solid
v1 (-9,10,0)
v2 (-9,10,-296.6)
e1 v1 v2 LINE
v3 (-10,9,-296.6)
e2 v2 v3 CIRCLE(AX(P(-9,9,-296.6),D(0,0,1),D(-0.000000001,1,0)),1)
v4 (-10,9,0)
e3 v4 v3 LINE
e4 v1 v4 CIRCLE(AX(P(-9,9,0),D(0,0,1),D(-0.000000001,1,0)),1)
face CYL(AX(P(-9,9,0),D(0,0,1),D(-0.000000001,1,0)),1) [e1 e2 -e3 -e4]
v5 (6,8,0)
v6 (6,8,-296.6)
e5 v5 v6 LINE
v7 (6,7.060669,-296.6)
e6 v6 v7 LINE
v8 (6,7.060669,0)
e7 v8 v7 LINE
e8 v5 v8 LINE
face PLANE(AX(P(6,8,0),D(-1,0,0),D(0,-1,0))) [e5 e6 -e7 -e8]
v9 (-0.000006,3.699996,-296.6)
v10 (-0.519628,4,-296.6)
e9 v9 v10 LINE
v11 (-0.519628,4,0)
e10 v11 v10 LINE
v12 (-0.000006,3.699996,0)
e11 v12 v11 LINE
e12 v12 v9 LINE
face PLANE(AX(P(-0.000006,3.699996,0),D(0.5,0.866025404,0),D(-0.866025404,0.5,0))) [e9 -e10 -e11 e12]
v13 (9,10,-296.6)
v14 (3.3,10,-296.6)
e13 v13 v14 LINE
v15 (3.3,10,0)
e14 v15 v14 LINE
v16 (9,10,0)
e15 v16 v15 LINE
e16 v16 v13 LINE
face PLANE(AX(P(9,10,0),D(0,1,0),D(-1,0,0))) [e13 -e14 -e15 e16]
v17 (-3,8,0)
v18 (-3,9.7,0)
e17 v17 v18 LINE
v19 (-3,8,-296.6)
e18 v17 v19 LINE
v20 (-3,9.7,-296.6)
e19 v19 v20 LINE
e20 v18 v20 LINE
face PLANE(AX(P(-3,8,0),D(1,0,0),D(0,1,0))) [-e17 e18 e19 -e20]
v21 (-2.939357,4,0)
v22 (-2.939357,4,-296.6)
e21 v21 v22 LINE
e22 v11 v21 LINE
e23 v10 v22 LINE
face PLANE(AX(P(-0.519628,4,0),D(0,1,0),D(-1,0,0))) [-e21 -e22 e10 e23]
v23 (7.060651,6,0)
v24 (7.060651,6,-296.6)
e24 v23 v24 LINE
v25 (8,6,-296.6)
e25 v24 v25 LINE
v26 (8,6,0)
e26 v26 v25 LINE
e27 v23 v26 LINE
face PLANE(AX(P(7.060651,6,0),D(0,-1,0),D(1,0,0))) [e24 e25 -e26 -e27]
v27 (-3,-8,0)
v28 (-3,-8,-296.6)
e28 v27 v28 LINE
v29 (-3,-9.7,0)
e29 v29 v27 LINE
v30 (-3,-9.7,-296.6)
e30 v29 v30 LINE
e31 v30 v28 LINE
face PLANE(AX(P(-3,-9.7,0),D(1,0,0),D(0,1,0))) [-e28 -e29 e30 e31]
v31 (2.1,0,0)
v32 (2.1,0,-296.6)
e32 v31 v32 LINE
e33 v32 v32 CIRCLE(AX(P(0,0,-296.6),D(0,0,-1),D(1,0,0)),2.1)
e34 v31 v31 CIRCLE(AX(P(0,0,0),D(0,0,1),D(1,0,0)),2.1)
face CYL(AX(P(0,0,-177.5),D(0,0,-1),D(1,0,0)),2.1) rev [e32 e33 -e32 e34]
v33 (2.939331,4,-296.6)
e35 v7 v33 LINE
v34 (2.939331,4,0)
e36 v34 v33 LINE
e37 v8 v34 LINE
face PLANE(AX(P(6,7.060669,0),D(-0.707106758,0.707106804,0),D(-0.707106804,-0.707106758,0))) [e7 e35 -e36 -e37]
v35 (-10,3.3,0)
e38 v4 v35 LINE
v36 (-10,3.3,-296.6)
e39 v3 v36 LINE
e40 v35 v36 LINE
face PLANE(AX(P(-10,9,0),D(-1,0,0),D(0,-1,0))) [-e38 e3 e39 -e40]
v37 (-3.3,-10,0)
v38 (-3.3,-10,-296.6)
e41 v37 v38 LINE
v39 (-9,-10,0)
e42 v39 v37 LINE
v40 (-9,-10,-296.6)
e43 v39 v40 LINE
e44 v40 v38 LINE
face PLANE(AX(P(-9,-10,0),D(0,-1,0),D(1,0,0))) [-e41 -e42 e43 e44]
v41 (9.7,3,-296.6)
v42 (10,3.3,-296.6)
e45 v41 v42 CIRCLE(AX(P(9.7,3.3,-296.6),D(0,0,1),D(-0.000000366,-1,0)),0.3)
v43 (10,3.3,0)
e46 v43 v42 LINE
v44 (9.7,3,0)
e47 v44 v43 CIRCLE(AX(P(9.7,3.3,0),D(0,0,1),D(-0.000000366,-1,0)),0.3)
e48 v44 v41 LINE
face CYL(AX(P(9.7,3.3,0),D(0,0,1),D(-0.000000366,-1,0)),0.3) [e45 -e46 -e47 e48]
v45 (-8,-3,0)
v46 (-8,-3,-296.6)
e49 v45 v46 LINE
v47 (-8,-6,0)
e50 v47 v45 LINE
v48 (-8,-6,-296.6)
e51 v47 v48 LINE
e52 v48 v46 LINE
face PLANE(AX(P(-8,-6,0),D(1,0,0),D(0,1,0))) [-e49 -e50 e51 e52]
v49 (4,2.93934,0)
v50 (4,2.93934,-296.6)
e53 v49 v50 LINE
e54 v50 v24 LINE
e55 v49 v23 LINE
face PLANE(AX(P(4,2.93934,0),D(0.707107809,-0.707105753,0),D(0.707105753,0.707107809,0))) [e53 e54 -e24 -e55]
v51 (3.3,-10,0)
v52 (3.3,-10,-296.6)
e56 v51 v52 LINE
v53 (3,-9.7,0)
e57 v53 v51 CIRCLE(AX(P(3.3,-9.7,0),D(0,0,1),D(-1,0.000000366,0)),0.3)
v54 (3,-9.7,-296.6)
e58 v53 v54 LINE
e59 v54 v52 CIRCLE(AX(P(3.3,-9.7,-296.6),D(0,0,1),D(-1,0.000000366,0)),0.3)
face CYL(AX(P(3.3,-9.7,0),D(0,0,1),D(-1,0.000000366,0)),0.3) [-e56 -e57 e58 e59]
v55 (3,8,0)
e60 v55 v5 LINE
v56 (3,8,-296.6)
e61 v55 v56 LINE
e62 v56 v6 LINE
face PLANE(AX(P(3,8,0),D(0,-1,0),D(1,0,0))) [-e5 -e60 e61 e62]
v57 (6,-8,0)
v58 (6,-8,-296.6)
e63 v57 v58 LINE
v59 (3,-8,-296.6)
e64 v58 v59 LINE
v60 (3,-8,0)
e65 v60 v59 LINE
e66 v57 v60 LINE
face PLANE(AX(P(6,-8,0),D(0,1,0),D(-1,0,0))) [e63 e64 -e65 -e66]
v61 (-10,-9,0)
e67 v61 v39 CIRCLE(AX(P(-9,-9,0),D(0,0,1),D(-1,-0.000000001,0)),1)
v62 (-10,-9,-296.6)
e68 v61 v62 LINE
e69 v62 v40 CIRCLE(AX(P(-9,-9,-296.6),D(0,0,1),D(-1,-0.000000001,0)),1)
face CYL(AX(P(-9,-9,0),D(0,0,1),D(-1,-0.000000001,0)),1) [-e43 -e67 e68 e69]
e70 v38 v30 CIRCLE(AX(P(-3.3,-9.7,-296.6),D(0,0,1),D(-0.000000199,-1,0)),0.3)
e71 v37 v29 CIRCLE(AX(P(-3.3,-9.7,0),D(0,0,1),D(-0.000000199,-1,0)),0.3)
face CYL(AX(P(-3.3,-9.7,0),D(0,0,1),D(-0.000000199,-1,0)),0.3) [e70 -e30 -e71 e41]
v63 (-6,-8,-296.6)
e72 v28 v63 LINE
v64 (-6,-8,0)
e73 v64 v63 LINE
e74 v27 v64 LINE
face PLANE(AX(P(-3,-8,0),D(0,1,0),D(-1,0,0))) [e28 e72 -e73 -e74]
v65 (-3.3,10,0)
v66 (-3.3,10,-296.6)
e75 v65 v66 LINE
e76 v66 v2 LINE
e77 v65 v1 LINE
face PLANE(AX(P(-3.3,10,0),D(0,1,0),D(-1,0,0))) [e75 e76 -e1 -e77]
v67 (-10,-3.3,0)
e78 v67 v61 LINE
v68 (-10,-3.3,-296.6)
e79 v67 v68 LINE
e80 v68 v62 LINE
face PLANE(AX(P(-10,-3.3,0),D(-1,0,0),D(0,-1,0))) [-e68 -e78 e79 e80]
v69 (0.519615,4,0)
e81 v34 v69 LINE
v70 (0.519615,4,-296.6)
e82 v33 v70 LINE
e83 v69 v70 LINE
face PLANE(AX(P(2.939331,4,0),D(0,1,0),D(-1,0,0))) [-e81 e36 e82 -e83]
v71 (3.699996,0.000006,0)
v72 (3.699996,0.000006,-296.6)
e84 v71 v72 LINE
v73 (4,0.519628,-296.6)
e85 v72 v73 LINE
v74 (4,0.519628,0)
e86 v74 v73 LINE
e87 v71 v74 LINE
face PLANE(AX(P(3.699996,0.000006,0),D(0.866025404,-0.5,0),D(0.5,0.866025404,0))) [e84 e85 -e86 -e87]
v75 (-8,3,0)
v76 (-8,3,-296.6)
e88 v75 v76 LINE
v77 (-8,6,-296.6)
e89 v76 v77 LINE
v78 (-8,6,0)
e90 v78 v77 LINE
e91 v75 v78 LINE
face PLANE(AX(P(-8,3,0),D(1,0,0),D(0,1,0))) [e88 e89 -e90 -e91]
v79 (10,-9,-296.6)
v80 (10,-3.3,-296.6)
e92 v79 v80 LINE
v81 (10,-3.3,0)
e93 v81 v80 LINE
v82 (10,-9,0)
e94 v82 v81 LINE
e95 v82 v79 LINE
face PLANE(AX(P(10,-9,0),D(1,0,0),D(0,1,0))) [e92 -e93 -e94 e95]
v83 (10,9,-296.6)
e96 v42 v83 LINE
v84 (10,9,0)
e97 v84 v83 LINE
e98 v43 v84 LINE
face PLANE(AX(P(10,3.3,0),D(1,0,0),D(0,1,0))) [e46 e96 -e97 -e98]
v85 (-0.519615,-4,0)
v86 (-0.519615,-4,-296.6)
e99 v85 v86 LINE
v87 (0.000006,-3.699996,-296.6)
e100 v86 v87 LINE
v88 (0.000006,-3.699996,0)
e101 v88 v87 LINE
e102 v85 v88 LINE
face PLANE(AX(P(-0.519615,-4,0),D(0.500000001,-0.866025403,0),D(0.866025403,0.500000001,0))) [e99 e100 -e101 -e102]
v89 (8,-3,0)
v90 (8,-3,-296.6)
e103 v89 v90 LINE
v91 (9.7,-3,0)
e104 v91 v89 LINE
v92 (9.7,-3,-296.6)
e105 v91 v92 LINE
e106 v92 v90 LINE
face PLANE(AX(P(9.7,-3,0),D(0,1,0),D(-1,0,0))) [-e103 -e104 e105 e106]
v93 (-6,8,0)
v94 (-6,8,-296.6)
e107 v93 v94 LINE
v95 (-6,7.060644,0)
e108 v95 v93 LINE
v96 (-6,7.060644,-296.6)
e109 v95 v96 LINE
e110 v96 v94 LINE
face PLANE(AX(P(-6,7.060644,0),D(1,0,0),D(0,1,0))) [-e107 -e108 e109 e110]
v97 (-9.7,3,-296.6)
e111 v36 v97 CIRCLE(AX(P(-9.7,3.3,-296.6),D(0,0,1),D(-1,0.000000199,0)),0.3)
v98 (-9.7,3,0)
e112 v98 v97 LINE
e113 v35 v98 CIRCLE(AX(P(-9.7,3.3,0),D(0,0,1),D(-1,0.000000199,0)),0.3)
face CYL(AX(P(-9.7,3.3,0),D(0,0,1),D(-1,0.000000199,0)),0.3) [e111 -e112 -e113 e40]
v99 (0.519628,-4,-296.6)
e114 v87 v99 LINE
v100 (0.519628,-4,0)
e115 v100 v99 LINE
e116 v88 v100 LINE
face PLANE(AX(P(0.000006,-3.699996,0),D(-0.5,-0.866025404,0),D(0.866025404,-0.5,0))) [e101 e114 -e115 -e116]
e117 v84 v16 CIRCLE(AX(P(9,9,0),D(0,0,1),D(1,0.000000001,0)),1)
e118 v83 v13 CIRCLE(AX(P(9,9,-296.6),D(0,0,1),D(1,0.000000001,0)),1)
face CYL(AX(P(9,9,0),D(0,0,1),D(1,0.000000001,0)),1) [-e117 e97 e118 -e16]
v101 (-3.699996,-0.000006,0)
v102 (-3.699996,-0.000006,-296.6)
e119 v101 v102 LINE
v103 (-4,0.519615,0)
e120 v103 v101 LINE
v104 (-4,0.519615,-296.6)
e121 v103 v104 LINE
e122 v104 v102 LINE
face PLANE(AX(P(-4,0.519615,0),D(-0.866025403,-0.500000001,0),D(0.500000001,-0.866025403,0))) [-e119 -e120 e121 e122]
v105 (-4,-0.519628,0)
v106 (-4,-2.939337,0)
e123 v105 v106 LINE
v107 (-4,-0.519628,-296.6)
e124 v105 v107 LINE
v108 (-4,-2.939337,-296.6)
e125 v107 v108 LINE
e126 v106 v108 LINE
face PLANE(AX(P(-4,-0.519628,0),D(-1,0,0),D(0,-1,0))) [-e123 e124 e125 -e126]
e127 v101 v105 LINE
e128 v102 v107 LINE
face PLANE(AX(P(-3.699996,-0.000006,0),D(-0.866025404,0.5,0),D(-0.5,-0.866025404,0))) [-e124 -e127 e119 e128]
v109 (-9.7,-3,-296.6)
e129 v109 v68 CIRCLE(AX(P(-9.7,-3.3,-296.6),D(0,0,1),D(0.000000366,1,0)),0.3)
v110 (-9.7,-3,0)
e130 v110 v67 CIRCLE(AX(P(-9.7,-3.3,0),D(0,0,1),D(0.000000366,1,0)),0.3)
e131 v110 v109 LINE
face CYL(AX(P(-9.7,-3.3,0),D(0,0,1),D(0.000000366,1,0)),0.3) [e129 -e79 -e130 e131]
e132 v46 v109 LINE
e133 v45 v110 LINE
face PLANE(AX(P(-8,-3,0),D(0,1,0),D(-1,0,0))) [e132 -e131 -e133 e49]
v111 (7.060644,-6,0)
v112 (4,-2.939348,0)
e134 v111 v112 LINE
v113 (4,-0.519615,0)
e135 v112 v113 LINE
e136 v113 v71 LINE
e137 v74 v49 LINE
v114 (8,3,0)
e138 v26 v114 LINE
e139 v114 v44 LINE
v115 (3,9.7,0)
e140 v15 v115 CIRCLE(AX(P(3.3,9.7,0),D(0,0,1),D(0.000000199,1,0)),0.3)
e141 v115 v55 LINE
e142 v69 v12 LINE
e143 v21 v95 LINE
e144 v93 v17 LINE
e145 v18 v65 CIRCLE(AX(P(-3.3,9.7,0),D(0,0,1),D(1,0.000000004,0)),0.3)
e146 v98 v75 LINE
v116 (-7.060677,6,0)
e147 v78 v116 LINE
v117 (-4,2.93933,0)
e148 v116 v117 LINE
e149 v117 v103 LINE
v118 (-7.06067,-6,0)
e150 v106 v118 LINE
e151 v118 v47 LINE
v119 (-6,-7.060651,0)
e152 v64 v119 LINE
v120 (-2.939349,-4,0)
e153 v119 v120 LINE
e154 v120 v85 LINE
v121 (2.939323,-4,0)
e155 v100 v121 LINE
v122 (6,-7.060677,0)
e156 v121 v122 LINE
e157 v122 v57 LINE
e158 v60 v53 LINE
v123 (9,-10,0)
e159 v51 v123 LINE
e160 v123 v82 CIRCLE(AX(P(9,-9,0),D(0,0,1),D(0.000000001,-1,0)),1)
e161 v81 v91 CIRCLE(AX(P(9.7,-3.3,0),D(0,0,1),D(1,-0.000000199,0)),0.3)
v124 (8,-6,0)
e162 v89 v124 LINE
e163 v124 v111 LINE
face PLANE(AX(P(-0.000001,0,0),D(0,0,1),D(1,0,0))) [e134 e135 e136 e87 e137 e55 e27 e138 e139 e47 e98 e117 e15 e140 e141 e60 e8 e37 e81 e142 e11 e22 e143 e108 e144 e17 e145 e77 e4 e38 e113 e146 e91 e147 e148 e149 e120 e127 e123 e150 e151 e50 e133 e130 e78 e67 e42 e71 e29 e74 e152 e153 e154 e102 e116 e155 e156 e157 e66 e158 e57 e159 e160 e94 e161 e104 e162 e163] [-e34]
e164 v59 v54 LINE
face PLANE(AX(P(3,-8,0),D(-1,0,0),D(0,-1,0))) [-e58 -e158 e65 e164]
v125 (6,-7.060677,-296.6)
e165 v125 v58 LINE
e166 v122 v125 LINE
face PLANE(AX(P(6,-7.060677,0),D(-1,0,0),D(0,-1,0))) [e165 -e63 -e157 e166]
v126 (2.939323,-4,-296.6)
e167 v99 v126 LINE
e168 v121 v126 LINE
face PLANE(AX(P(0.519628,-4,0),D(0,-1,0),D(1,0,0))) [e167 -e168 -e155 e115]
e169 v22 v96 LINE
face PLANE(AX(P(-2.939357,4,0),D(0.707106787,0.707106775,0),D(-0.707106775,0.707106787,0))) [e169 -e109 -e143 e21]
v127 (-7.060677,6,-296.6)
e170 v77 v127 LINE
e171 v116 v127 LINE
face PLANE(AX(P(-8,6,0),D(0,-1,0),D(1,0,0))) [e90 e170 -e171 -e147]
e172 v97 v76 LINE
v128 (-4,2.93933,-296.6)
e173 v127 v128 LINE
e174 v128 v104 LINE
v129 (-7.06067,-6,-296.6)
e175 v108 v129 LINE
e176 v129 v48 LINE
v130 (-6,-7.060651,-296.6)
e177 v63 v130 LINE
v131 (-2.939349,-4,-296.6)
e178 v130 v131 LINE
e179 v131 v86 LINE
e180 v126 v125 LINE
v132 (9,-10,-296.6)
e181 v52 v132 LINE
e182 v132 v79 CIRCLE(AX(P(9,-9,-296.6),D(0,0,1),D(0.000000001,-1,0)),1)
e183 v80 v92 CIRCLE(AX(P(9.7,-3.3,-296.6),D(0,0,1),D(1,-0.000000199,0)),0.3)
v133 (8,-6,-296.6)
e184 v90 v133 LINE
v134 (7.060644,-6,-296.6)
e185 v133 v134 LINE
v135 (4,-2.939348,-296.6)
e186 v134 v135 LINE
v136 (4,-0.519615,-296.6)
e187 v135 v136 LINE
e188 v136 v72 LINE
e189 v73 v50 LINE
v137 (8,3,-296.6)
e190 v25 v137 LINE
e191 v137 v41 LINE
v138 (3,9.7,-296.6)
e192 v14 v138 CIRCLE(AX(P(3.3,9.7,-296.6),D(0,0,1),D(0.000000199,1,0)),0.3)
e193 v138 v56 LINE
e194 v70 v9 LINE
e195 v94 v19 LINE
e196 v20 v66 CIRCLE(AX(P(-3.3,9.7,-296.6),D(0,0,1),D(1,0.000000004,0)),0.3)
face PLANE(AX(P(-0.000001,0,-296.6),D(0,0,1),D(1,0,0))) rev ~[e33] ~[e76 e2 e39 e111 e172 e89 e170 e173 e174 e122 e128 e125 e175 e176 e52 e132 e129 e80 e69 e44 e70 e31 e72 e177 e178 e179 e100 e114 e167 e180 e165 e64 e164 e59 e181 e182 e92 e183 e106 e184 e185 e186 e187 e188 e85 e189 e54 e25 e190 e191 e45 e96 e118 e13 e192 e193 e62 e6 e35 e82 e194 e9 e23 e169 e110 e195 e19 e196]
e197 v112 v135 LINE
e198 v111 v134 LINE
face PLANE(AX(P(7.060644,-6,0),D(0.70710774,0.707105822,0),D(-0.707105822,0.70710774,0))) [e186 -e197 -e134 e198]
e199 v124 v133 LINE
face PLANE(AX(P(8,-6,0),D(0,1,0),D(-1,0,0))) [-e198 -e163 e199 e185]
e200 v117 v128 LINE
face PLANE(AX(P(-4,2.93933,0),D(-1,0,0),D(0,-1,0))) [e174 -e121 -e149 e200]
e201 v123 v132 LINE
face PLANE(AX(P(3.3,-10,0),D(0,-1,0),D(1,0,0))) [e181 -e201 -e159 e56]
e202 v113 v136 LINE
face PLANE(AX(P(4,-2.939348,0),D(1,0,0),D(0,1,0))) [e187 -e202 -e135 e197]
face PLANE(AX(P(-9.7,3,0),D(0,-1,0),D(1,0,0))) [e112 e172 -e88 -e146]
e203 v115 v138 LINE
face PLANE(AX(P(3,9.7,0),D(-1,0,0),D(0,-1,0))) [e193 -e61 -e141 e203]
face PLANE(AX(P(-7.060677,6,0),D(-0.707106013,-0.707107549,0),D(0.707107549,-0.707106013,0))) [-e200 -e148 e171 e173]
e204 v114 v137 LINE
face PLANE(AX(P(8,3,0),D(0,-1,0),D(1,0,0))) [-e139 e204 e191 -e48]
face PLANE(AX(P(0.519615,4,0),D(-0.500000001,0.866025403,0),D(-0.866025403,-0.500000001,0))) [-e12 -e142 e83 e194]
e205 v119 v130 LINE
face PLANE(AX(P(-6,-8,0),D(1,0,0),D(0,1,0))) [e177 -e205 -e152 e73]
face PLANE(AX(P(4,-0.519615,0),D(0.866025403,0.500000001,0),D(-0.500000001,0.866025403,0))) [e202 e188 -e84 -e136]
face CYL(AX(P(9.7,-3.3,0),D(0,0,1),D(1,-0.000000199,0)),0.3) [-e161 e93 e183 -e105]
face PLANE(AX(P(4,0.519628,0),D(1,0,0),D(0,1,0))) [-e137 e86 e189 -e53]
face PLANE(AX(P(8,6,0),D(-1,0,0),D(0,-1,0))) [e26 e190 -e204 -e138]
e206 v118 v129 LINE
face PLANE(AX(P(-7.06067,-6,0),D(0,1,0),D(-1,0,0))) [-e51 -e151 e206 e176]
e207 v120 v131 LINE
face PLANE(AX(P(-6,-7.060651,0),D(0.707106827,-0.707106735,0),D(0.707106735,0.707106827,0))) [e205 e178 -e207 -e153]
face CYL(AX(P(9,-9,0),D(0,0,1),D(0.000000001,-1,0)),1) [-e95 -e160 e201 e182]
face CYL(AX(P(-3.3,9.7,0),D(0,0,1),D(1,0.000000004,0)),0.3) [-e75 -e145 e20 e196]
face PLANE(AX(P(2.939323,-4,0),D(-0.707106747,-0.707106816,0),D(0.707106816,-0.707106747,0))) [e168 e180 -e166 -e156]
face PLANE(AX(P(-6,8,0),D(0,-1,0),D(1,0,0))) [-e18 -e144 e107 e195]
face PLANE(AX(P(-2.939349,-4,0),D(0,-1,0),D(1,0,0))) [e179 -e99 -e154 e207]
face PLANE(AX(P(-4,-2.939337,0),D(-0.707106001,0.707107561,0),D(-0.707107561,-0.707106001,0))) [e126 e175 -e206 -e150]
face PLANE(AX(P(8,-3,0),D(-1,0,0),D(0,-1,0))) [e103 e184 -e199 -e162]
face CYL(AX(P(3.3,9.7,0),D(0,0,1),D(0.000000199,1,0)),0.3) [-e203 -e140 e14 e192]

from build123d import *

# Parameters (mm, degrees)
BOSS_EXTRUDE1_DEPTH = 296.6
SKETCH2_W           = 355
SKETCH2_H           = 2.1


with BuildPart() as part:
    # Sketch1 → Boss-Extrude1 (new body)
    with BuildSketch(Plane.XY):
        with BuildLine():
            Line((-10, 9), (-10, 3.29999995))
            ThreePointArc((-10, 3.29999995), (-9.912132049, 3.087867916), (-9.7, 3))
            Line((-9.7, 3), (-8, 3))
            Line((-8, 3), (-8, 6))
            Line((-8, 6), (-7.060677, 6))
            Line((-7.060677, 6), (-4, 2.93932965))
            Line((-4, 2.93932965), (-4, 0.519615242))
            Line((-4, 0.519615242), (-3.699996283, -6.437e-06))
            Line((-3.699996283, -6.437e-06), (-4, -0.519628117))
            Line((-4, -0.519628117), (-4, -2.93933725))
            Line((-4, -2.93933725), (-7.0606695, -6))
            Line((-7.0606695, -6), (-8, -6))
            Line((-8, -6), (-8, -3))
            Line((-8, -3), (-9.7, -3))
            ThreePointArc((-9.7, -3), (-9.912132049, -3.087867916), (-10, -3.29999995))
            Line((-10, -3.29999995), (-10, -9))
            ThreePointArc((-10, -9), (-9.707106781, -9.707106781), (-9, -10))
            Line((-9, -10), (-3.29999995, -10))
            ThreePointArc((-3.29999995, -10), (-3.087867916, -9.912132049), (-3, -9.7))
            Line((-3, -9.7), (-3, -8))
            Line((-3, -8), (-6, -8))
            Line((-6, -8), (-6, -7.0606515))
            Line((-6, -7.0606515), (-2.9393489, -4))
            Line((-2.9393489, -4), (-0.519615242, -4))
            Line((-0.519615242, -4), (6.437e-06, -3.699996283))
            Line((6.437e-06, -3.699996283), (0.519628117, -4))
            Line((0.519628117, -4), (2.9393227, -4))
            Line((2.9393227, -4), (6, -7.060677))
            Line((6, -7.060677), (6, -8))
            Line((6, -8), (3, -8))
            Line((3, -8), (3, -9.7))
            ThreePointArc((3, -9.7), (3.087867916, -9.912132049), (3.29999995, -10))
            Line((3.29999995, -10), (9, -10))
            ThreePointArc((9, -10), (9.707106781, -9.707106781), (10, -9))
            Line((10, -9), (10, -3.29999995))
            ThreePointArc((10, -3.29999995), (9.912132049, -3.087867916), (9.7, -3))
            Line((9.7, -3), (8, -3))
            Line((8, -3), (8, -6))
            Line((8, -6), (7.0606435, -6))
            Line((7.0606435, -6), (4, -2.9393482))
            Line((4, -2.9393482), (4, -0.519615242))
            Line((4, -0.519615242), (3.699996283, 6.437e-06))
            Line((3.699996283, 6.437e-06), (4, 0.519628117))
            Line((4, 0.519628117), (4, 2.9393401))
            Line((4, 2.9393401), (7.060651, 6))
            Line((7.060651, 6), (8, 6))
            Line((8, 6), (8, 3))
            Line((8, 3), (9.7, 3))
            ThreePointArc((9.7, 3), (9.912132049, 3.087867916), (10, 3.29999995))
            Line((10, 3.29999995), (10, 9))
            ThreePointArc((10, 9), (9.707106781, 9.707106781), (9, 10))
            Line((9, 10), (3.29999995, 10))
            ThreePointArc((3.29999995, 10), (3.087867916, 9.912132049), (3, 9.7))
            Line((3, 9.7), (3, 8))
            Line((3, 8), (6, 8))
            Line((6, 8), (6, 7.060669))
            Line((6, 7.060669), (2.9393308, 4))
            Line((2.9393308, 4), (0.519615242, 4))
            Line((0.519615242, 4), (-6.437e-06, 3.699996283))
            Line((-6.437e-06, 3.699996283), (-0.519628117, 4))
            Line((-0.519628117, 4), (-2.93935655, 4))
            Line((-2.93935655, 4), (-6, 7.0606435))
            Line((-6, 7.0606435), (-6, 8))
            Line((-6, 8), (-3, 8))
            Line((-3, 8), (-3, 9.7))
            ThreePointArc((-3, 9.7), (-3.087867966, 9.912132034), (-3.3, 10))
            Line((-3.3, 10), (-9, 10))
            ThreePointArc((-9, 10), (-9.707106781, 9.707106781), (-10, 9))
        make_face()
    extrude(amount=-BOSS_EXTRUDE1_DEPTH)

    # Sketch2 → Cut-Revolve1 (revolve, cut)
    with BuildSketch(Plane(origin=(0, 0, 0), x_dir=(0, 0, -1), z_dir=(1, 0, 0))):
        with Locations((177.5, 1.05)):
            Rectangle(SKETCH2_W, SKETCH2_H)
    revolve(axis=Axis((0, 0, -355), (0, 0, 1)), mode=Mode.SUBTRACT)


solid = part.part
